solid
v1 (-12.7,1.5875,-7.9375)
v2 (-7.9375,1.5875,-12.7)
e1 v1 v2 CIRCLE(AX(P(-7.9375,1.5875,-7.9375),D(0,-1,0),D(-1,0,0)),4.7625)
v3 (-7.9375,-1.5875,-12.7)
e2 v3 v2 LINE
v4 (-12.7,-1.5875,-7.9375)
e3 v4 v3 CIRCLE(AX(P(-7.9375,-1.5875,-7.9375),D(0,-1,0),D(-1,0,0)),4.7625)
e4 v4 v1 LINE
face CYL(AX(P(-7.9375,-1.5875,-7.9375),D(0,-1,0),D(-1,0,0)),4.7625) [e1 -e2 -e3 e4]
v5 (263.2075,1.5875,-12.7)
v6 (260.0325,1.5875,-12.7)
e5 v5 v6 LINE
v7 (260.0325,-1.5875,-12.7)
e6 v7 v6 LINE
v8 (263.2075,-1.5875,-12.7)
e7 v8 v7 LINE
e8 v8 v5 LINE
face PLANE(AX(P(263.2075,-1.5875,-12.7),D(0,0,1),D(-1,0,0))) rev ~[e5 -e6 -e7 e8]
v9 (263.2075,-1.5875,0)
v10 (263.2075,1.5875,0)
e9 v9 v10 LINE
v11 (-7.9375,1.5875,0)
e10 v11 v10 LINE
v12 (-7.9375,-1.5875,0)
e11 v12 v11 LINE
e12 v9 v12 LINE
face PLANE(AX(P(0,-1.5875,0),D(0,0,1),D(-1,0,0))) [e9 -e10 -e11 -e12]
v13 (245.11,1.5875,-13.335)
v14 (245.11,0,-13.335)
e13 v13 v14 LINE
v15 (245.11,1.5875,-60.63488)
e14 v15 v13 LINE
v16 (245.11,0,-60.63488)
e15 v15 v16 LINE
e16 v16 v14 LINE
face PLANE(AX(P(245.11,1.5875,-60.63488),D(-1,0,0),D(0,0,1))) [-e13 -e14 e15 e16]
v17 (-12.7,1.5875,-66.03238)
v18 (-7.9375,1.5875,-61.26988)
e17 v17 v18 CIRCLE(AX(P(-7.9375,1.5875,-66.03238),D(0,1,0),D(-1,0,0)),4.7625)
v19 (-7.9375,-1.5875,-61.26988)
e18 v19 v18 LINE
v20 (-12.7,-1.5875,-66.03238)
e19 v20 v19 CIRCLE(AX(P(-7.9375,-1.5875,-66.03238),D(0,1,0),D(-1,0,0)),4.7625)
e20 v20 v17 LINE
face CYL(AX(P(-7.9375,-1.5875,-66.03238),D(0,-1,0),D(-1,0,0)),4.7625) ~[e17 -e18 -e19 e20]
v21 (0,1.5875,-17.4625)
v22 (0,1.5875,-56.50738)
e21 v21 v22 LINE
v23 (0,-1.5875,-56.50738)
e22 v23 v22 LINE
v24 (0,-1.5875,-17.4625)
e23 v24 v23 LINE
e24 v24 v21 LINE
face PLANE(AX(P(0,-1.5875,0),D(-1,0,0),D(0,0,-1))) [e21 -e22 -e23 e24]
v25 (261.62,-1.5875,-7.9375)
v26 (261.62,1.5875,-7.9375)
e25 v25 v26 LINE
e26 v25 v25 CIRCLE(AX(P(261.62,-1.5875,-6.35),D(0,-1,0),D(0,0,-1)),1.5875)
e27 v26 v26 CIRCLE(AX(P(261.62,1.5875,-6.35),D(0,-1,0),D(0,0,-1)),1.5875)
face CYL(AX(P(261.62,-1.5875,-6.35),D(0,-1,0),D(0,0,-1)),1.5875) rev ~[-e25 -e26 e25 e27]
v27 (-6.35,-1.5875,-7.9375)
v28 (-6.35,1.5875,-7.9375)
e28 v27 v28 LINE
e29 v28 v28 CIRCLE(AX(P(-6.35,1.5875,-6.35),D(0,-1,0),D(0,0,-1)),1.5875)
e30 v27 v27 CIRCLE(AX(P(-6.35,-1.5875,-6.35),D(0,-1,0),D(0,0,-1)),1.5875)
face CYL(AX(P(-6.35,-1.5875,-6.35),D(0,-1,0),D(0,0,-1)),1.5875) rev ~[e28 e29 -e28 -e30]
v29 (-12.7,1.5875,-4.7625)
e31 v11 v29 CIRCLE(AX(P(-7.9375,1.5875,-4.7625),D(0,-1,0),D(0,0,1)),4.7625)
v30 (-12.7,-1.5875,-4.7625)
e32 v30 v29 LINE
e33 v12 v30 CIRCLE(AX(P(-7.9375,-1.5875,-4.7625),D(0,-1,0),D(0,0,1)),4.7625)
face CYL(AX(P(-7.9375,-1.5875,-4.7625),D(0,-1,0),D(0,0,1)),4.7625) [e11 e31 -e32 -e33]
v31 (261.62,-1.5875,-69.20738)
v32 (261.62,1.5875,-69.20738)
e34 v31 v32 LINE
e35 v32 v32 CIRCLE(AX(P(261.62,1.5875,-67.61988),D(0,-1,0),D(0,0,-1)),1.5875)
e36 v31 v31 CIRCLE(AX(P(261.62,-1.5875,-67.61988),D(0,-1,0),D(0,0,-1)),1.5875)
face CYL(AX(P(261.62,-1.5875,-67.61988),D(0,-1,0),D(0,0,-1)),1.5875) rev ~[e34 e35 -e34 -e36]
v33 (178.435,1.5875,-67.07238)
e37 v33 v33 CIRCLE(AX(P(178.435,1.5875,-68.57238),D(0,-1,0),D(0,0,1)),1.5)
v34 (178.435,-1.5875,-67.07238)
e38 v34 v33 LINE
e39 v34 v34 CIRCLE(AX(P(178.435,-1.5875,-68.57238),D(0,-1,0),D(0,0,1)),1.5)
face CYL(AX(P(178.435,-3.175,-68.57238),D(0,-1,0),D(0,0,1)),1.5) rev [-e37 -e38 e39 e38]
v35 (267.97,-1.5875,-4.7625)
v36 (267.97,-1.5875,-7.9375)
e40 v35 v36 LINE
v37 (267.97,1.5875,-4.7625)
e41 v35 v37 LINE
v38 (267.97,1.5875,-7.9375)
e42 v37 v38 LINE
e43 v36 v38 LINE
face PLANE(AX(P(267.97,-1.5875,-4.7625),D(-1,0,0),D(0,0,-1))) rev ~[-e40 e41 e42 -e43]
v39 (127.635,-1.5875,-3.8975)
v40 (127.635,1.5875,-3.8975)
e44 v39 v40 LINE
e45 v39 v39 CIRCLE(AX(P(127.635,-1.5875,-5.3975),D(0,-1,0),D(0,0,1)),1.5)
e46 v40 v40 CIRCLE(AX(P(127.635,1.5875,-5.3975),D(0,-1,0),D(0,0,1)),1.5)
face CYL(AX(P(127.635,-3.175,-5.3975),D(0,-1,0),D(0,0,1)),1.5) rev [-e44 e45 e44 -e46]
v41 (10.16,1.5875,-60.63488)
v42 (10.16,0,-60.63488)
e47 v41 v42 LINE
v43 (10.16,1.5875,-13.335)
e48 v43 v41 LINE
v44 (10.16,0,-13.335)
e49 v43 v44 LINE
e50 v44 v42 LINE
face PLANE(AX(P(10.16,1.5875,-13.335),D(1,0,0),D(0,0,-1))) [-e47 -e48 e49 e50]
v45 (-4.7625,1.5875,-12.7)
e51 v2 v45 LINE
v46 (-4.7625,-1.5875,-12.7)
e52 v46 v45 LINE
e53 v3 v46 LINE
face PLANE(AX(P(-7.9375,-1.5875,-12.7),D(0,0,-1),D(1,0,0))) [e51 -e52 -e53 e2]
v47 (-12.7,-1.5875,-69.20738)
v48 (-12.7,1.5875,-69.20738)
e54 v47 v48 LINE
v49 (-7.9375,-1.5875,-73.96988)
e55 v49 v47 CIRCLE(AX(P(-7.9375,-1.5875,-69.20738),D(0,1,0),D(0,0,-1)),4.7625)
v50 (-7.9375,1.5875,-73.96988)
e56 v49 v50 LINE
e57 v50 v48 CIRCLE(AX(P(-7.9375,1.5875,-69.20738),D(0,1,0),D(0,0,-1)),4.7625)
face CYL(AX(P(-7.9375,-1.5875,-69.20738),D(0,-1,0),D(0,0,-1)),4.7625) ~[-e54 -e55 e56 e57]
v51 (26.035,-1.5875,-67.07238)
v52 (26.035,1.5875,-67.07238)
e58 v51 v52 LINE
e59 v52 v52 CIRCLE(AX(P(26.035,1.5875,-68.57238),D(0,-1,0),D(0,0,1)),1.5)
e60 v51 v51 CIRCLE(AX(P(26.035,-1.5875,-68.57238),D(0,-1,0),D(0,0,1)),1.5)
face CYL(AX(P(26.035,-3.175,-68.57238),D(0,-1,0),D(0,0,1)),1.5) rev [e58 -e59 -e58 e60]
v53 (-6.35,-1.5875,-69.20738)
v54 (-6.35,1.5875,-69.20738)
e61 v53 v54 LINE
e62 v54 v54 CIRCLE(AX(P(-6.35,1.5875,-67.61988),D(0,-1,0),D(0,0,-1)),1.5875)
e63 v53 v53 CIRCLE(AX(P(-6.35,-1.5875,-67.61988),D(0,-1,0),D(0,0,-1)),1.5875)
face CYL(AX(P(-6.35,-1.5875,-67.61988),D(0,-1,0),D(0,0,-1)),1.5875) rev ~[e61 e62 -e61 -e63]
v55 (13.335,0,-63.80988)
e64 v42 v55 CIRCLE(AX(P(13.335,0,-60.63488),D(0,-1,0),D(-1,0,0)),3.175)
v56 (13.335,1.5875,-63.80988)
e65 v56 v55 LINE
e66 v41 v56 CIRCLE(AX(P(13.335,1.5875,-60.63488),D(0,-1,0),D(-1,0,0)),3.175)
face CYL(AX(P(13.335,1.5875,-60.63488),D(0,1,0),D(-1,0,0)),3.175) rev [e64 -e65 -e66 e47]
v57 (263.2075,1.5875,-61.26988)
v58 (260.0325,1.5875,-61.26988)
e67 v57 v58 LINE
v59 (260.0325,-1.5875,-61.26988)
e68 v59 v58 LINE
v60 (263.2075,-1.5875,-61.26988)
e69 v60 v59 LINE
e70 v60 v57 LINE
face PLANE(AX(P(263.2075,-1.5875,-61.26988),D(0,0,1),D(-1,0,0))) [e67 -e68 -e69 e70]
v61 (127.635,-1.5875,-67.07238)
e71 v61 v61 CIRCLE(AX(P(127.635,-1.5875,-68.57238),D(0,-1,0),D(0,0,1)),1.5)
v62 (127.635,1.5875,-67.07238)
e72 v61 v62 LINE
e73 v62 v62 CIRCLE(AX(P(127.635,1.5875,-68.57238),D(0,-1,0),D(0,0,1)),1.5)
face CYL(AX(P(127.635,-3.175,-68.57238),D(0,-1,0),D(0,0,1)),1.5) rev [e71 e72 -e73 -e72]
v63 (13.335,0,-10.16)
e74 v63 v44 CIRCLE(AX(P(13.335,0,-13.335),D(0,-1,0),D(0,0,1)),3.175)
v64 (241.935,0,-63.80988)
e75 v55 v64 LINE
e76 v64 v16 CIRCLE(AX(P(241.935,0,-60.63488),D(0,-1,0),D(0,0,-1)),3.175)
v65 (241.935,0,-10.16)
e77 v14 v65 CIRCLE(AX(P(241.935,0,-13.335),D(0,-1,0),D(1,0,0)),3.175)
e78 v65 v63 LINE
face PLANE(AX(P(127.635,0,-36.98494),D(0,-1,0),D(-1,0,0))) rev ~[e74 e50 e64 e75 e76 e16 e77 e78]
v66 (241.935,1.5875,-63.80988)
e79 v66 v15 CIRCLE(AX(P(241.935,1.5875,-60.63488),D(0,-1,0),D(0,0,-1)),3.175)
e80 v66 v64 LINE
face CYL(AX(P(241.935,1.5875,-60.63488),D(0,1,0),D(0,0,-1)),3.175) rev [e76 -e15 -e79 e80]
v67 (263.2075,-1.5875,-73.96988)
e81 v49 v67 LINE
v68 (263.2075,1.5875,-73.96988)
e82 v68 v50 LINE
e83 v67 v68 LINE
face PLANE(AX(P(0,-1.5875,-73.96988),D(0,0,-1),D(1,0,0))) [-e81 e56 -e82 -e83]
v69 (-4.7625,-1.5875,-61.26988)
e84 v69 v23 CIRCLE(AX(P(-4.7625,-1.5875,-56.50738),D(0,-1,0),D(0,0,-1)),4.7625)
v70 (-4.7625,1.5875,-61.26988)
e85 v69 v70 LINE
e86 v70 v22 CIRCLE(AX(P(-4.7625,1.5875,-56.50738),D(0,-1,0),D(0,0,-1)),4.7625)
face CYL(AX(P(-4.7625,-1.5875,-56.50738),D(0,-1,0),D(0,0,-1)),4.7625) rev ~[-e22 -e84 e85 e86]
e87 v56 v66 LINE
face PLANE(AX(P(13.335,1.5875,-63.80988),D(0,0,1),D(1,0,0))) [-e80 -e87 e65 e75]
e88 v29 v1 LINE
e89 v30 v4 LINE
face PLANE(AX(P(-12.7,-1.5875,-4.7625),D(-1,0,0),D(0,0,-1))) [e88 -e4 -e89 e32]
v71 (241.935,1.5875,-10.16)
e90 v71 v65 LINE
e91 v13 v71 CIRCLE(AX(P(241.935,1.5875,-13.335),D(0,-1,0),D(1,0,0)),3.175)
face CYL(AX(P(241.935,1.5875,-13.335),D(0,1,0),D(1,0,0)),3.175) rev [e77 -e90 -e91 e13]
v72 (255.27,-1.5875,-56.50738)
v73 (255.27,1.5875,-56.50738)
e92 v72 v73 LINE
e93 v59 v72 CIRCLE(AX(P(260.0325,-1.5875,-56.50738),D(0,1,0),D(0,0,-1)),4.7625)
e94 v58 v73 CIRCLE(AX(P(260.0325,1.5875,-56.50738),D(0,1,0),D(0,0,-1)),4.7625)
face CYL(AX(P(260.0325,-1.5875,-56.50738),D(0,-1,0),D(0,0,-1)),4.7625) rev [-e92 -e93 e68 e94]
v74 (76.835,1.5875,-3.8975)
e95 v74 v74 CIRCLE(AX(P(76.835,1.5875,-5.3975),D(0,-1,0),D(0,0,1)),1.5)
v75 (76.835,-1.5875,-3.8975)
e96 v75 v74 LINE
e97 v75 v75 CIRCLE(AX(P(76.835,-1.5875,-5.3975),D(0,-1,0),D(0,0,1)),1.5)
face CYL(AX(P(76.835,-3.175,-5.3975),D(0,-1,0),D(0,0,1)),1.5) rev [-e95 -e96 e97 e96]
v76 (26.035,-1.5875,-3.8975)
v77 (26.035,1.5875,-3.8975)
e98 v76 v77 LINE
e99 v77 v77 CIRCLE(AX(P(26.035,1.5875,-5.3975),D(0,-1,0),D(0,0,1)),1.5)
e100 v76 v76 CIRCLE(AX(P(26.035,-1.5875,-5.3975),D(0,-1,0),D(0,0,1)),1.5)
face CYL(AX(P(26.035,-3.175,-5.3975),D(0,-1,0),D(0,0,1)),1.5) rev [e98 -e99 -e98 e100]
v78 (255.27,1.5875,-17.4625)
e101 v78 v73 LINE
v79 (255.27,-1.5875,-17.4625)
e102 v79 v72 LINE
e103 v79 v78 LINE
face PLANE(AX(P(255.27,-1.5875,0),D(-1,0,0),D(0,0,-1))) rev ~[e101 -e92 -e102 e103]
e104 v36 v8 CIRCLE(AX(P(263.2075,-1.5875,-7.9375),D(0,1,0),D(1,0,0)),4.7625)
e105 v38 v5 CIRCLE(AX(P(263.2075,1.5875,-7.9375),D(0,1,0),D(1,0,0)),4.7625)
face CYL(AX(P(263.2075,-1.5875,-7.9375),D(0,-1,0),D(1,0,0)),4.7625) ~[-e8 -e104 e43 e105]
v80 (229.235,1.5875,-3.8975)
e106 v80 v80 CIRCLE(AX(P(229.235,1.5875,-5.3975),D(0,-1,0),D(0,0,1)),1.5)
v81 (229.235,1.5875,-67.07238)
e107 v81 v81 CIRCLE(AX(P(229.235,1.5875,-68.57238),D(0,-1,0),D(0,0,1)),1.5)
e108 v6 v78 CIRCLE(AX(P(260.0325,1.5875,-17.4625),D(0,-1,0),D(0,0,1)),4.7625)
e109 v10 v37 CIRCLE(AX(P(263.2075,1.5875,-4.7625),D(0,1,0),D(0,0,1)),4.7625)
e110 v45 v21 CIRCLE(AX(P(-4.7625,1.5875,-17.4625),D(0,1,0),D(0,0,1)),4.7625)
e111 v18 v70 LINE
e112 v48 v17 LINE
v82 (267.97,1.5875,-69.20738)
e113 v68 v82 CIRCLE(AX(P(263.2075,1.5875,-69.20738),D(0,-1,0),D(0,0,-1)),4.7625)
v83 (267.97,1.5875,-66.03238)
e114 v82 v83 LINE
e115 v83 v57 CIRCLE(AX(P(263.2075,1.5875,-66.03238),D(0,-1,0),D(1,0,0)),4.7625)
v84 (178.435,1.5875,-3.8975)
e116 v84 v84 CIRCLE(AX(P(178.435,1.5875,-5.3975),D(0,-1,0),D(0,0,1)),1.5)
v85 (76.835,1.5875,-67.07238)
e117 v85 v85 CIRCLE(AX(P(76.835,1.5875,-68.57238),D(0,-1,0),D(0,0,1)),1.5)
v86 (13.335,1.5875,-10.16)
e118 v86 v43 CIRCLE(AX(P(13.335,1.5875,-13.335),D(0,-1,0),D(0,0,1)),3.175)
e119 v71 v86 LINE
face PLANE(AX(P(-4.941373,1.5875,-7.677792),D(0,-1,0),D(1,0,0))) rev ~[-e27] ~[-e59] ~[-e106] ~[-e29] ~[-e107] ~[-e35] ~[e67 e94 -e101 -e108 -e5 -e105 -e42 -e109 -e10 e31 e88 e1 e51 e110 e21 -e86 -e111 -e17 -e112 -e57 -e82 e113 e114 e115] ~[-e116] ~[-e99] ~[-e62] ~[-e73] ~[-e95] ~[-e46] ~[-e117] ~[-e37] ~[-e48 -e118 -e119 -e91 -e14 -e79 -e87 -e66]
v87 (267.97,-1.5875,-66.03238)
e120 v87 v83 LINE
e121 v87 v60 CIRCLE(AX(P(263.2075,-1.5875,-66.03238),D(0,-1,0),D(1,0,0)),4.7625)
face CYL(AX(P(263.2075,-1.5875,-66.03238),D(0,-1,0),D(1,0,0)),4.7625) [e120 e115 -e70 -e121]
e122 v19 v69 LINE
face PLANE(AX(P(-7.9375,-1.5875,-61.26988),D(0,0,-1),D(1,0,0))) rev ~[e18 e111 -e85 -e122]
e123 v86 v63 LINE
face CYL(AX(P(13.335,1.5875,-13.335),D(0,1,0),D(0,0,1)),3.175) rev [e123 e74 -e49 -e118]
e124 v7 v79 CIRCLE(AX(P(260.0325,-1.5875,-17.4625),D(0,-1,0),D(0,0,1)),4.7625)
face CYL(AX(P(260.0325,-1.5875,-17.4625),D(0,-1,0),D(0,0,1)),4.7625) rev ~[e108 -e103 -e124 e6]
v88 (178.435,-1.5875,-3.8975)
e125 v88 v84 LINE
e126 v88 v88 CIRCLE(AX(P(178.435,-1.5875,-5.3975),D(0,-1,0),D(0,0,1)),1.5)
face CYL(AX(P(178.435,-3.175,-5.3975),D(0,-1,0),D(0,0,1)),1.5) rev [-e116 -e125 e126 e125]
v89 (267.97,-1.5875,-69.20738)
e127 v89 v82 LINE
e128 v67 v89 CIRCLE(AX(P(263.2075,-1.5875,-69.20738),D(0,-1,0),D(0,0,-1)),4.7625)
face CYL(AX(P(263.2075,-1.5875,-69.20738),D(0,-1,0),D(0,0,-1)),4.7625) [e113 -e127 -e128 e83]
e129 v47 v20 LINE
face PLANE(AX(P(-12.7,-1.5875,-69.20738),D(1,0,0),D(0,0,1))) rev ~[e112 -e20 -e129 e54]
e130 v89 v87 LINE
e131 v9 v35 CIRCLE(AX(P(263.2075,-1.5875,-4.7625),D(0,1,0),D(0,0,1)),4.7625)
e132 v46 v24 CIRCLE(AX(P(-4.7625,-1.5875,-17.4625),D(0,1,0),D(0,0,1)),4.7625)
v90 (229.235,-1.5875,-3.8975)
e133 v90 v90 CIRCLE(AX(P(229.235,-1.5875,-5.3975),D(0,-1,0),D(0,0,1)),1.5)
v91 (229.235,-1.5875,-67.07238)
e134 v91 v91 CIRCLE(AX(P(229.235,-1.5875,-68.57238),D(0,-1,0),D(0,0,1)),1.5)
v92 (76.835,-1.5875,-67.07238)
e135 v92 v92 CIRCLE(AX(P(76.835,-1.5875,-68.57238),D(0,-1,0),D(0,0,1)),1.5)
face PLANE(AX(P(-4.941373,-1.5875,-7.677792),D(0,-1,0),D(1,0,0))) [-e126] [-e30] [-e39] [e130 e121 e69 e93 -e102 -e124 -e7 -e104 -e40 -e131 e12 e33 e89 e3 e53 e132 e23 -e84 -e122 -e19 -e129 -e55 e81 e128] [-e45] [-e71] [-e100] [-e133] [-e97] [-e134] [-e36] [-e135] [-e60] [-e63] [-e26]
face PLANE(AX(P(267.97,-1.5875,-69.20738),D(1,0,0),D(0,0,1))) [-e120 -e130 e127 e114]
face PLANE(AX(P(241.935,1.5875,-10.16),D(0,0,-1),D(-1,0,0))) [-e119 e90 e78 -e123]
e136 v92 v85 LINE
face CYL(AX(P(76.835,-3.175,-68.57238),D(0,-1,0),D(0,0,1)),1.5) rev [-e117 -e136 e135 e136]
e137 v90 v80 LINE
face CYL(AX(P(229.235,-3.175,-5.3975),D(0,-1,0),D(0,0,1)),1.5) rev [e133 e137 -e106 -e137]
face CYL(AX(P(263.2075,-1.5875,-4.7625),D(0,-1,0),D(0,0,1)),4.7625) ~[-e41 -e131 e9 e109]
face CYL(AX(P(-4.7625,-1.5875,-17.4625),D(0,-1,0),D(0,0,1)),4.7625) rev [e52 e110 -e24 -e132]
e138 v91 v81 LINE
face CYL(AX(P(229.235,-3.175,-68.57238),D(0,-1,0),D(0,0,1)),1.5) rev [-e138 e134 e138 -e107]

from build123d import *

# Parameters (mm, degrees)
BOSS_EXTRUDE1_DEPTH      = 1.5875
BOSS_EXTRUDE1_DEPTH_BACK = 1.5875
SKETCH1_W                = 255.27
SKETCH1_H                = 73.96988
SKETCH1_R                = 1.5
BOSS_EXTRUDE2_DEPTH      = 1.5875
BOSS_EXTRUDE2_DEPTH_BACK = 1.5875
SKETCH1_4_W              = 255.27
SKETCH1_4_H              = 73.96988
CUT_EXTRUDE1_DEPTH       = 1.5875
CUT_EXTRUDE2_DEPTH       = 3.175
CUT_EXTRUDE2_DEPTH_BACK  = 3.175
SKETCH1_6_R              = 1.5
SKETCH3_R                = 1.5875
BOSS_EXTRUDE3_DEPTH      = 3.175


with BuildPart() as part:
    # Sketch1 → Boss-Extrude1 (new, two sides: drawn at the far end of the back side and taken through both)
    with BuildSketch(Plane(origin=(0, 0, 0), x_dir=(1, 0, 0), z_dir=(0, 1, 0)).offset(-BOSS_EXTRUDE1_DEPTH_BACK)):
        with Locations((127.635, 36.98494)):
            Rectangle(SKETCH1_W, SKETCH1_H)
        with Locations((26.035, 5.3975)):
            Circle(SKETCH1_R, mode=Mode.SUBTRACT)
        with Locations((76.835, 5.3975)):
            Circle(SKETCH1_R, mode=Mode.SUBTRACT)
        with Locations((127.635, 5.3975)):
            Circle(SKETCH1_R, mode=Mode.SUBTRACT)
        with Locations((178.435, 5.3975)):
            Circle(SKETCH1_R, mode=Mode.SUBTRACT)
        with Locations((229.235, 5.3975)):
            Circle(SKETCH1_R, mode=Mode.SUBTRACT)
        with Locations((26.035, 68.57238)):
            Circle(SKETCH1_R, mode=Mode.SUBTRACT)
        with Locations((76.835, 68.57238)):
            Circle(SKETCH1_R, mode=Mode.SUBTRACT)
        with Locations((127.635, 68.57238)):
            Circle(SKETCH1_R, mode=Mode.SUBTRACT)
        with Locations((178.435, 68.57238)):
            Circle(SKETCH1_R, mode=Mode.SUBTRACT)
        with Locations((229.235, 68.57238)):
            Circle(SKETCH1_R, mode=Mode.SUBTRACT)
    extrude(amount=BOSS_EXTRUDE1_DEPTH + BOSS_EXTRUDE1_DEPTH_BACK)

    # Sketch1<4> → Boss-Extrude2 (add, two sides: drawn at the far end of the back side and taken through both)
    with BuildSketch(Plane(origin=(0, 0, 0), x_dir=(1, 0, 0), z_dir=(0, 1, 0)).offset(-BOSS_EXTRUDE2_DEPTH_BACK)):
        with Locations((127.635, 36.98494)):
            Rectangle(SKETCH1_4_W, SKETCH1_4_H)
    extrude(amount=BOSS_EXTRUDE2_DEPTH + BOSS_EXTRUDE2_DEPTH_BACK)

    # Sketch2 → Cut-Extrude1 (cut)
    with BuildSketch(Plane(origin=(0, 1.5875, 0), x_dir=(1, 0, 0), z_dir=(0, 1, 0))):
        with BuildLine():
            Line((13.335, 63.80988), (241.935, 63.80988))
            ThreePointArc((241.935, 63.80988), (244.18006403, 62.87994403), (245.11, 60.63488))
            Line((245.11, 60.63488), (245.11, 13.335))
            ThreePointArc((245.11, 13.335), (244.18006403, 11.08993597), (241.935, 10.16))
            Line((241.935, 10.16), (13.335, 10.16))
            ThreePointArc((13.335, 10.16), (11.08993597, 11.08993597), (10.16, 13.335))
            Line((10.16, 13.335), (10.16, 60.63488))
            ThreePointArc((10.16, 60.63488), (11.08993597, 62.87994403), (13.335, 63.80988))
        make_face()
    extrude(amount=-CUT_EXTRUDE1_DEPTH, mode=Mode.SUBTRACT)

    # Sketch1<6> → Cut-Extrude2 (cut, two sides: drawn at the far end of the back side and taken through both)
    with BuildSketch(Plane(origin=(0, 0, 0), x_dir=(1, 0, 0), z_dir=(0, 1, 0)).offset(-CUT_EXTRUDE2_DEPTH_BACK)):
        with Locations((178.435, 68.57238)):
            Circle(SKETCH1_6_R)
        with Locations((178.435, 5.3975)):
            Circle(SKETCH1_6_R)
        with Locations((229.235, 68.57238)):
            Circle(SKETCH1_6_R)
        with Locations((229.235, 5.3975)):
            Circle(SKETCH1_6_R)
        with Locations((127.635, 68.57238)):
            Circle(SKETCH1_6_R)
        with Locations((127.635, 5.3975)):
            Circle(SKETCH1_6_R)
        with Locations((26.035, 5.3975)):
            Circle(SKETCH1_6_R)
        with Locations((76.835, 5.3975)):
            Circle(SKETCH1_6_R)
        with Locations((26.035, 68.57238)):
            Circle(SKETCH1_6_R)
        with Locations((76.835, 68.57238)):
            Circle(SKETCH1_6_R)
    extrude(amount=CUT_EXTRUDE2_DEPTH + CUT_EXTRUDE2_DEPTH_BACK, mode=Mode.SUBTRACT)

    # Sketch3 → Boss-Extrude3 (add)
    # profile 1 of 4: a face of its own
    with BuildSketch(Plane.XZ.offset(1.5875)):
        with BuildLine():
            ThreePointArc((-4.7625, -12.7), (-1.394903955, -14.094903955), (0, -17.4625))
            Line((0, -17.4625), (0, 0))
            Line((0, 0), (-7.9375, 0))
            ThreePointArc((-7.9375, 0), (-11.305096045, -1.394903955), (-12.7, -4.7625))
            Line((-12.7, -4.7625), (-12.7, -7.9375))
            ThreePointArc((-12.7, -7.9375), (-11.305096045, -11.305096045), (-7.9375, -12.7))
            Line((-7.9375, -12.7), (-4.7625, -12.7))
        make_face()
        with Locations((-6.35, -6.35)):
            Circle(SKETCH3_R, mode=Mode.SUBTRACT)
    # profile 2 of 4: a face of its own
    with BuildSketch(Plane.XZ.offset(1.5875)):
        with BuildLine():
            Line((-4.7625, -61.26988), (-7.9375, -61.26988))
            ThreePointArc((-7.9375, -61.26988), (-11.305096045, -62.664783955), (-12.7, -66.03238))
            Line((-12.7, -66.03238), (-12.7, -69.20738))
            ThreePointArc((-12.7, -69.20738), (-11.305096045, -72.574976045), (-7.9375, -73.96988))
            Line((-7.9375, -73.96988), (0, -73.96988))
            Line((0, -73.96988), (0, -56.50738))
            ThreePointArc((0, -56.50738), (-1.394903955, -59.874976045), (-4.7625, -61.26988))
        make_face()
        with Locations((-6.35, -67.61988)):
            Circle(SKETCH3_R, mode=Mode.SUBTRACT)
    # profile 3 of 4: a face of its own
    with BuildSketch(Plane.XZ.offset(1.5875)):
        with BuildLine():
            ThreePointArc((260.0325, -61.26988), (256.664903955, -59.874976045), (255.27, -56.50738))
            Line((255.27, -56.50738), (255.27, -73.96988))
            Line((255.27, -73.96988), (263.2075, -73.96988))
            ThreePointArc((263.2075, -73.96988), (266.575096045, -72.574976045), (267.97, -69.20738))
            Line((267.97, -69.20738), (267.97, -66.03238))
            ThreePointArc((267.97, -66.03238), (266.575096045, -62.664783955), (263.2075, -61.26988))
            Line((263.2075, -61.26988), (260.0325, -61.26988))
        make_face()
        with Locations((261.62, -67.61988)):
            Circle(SKETCH3_R, mode=Mode.SUBTRACT)
    # profile 4 of 4: a face of its own
    with BuildSketch(Plane.XZ.offset(1.5875)):
        with BuildLine():
            Line((260.0325, -12.7), (263.2075, -12.7))
            ThreePointArc((263.2075, -12.7), (266.575096045, -11.305096045), (267.97, -7.9375))
            Line((267.97, -7.9375), (267.97, -4.7625))
            ThreePointArc((267.97, -4.7625), (266.575096045, -1.394903955), (263.2075, 0))
            Line((263.2075, 0), (255.27, 0))
            Line((255.27, 0), (255.27, -17.4625))
            ThreePointArc((255.27, -17.4625), (256.664903955, -14.094903955), (260.0325, -12.7))
        make_face()
        with Locations((261.62, -6.35)):
            Circle(SKETCH3_R, mode=Mode.SUBTRACT)
    extrude(amount=-BOSS_EXTRUDE3_DEPTH)


solid = part.part
